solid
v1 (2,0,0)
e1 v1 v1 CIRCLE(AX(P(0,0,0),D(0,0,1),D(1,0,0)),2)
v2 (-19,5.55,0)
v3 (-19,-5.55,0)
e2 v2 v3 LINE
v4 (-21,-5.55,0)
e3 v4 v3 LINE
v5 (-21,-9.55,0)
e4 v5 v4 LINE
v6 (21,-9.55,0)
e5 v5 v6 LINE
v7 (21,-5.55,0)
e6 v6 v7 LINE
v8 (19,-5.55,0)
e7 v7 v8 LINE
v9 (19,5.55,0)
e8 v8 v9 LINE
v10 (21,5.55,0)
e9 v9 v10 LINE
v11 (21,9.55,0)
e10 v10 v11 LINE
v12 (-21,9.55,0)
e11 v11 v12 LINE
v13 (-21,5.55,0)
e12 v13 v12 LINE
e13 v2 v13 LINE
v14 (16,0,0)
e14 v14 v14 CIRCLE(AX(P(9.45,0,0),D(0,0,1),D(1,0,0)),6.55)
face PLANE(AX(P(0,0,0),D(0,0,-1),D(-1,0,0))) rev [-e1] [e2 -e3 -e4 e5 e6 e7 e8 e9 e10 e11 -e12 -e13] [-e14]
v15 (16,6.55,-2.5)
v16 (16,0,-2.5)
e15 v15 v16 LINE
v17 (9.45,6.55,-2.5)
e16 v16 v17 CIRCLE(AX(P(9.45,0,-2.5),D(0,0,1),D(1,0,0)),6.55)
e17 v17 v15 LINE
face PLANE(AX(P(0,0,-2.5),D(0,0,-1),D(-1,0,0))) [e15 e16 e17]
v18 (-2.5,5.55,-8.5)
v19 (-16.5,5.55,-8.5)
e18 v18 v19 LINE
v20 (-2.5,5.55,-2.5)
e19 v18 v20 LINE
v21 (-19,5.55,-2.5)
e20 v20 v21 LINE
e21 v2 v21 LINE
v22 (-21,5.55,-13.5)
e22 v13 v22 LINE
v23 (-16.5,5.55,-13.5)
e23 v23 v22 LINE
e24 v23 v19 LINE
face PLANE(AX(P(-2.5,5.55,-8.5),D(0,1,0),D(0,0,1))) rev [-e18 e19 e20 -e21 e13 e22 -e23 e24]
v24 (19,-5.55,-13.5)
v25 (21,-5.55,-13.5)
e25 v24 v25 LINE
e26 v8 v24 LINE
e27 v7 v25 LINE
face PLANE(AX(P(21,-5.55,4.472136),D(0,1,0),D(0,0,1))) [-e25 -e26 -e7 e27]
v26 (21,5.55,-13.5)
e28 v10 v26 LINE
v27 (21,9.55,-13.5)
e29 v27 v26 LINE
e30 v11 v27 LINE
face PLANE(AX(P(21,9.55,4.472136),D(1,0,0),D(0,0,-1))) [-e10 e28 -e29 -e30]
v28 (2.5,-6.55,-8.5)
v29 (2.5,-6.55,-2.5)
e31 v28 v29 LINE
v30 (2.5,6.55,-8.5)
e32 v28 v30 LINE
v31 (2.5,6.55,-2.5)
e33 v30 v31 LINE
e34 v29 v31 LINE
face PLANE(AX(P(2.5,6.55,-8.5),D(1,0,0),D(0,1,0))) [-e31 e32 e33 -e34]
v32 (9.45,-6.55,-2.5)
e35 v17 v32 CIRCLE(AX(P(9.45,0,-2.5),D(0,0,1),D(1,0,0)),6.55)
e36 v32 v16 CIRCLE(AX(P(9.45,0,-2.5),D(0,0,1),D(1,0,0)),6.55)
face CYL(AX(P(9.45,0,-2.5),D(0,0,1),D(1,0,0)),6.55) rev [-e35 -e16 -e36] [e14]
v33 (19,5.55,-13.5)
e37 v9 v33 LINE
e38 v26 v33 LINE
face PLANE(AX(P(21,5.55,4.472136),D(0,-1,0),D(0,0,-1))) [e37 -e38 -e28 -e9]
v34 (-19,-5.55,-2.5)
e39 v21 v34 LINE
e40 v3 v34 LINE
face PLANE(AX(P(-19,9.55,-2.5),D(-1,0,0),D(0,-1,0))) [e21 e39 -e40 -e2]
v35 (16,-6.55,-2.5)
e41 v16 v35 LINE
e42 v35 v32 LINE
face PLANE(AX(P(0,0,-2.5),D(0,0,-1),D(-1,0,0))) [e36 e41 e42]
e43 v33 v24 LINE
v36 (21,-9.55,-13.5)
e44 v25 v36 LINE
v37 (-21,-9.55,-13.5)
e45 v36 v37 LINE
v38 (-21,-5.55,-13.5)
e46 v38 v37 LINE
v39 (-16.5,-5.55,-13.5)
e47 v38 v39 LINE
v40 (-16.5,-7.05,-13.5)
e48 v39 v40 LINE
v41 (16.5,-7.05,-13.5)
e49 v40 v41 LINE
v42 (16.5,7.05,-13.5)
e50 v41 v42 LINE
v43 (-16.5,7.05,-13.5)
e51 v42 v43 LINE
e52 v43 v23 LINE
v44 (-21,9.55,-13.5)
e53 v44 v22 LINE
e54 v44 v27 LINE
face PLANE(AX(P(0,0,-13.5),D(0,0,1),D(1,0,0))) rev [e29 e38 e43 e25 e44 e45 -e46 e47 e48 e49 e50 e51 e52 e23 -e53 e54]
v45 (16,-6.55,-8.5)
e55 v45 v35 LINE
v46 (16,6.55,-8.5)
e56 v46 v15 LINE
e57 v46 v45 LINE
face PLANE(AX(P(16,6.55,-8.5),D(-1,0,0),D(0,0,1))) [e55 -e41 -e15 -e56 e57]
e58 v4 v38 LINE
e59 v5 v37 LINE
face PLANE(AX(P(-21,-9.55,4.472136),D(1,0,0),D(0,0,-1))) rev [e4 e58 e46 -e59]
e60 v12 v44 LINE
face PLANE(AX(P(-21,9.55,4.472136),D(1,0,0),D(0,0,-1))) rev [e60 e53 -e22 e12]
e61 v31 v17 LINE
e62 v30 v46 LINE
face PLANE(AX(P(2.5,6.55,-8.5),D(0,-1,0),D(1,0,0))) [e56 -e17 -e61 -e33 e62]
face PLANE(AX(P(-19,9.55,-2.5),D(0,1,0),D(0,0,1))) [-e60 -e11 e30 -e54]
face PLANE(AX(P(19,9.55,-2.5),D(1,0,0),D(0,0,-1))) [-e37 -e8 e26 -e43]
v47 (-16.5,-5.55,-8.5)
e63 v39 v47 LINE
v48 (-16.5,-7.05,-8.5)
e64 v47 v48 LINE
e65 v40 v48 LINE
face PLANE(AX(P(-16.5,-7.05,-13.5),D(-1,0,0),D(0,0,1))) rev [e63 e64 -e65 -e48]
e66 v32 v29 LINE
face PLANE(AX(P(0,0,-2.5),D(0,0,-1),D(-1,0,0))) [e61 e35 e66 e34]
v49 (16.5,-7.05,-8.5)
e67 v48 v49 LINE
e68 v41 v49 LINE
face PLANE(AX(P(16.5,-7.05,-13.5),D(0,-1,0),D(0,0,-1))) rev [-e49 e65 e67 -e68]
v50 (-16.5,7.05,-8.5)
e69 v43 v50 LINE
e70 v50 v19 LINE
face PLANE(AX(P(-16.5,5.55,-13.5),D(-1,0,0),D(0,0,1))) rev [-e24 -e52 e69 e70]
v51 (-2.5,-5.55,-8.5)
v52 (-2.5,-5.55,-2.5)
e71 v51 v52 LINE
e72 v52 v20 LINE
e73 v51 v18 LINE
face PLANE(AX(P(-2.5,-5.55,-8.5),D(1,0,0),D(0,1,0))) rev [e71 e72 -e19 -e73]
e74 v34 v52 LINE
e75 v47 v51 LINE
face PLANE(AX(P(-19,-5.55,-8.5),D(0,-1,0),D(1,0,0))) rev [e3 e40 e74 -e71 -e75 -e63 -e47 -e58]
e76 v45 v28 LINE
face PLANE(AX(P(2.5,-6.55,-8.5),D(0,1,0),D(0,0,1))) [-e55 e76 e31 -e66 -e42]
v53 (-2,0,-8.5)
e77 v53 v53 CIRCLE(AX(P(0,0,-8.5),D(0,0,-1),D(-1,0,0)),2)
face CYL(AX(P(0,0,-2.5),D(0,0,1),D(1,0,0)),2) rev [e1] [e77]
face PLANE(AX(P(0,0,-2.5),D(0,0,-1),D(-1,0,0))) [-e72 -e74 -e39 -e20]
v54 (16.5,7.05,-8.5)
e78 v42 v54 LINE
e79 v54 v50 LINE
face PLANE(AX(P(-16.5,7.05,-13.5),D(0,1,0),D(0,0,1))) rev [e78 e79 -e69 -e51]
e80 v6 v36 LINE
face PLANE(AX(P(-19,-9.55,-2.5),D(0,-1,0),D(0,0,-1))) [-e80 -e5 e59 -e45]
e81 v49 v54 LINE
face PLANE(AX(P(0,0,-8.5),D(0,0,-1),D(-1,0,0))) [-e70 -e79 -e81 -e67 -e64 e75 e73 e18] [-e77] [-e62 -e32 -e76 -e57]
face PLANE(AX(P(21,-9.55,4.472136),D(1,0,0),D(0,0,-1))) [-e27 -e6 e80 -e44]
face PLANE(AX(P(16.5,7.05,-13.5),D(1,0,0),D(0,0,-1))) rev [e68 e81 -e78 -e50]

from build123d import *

# Parameters (mm, degrees)
SKETCH2_W           = 38
SKETCH2_H           = 19.1
SKETCH2_R           = 6.55
SKETCH2_R_2         = 2
BOSS_EXTRUDE1_DEPTH = 2.5
SKETCH3_R           = 2
SKETCH3_W           = 13.5
SKETCH3_H           = 13.1
BOSS_EXTRUDE2_DEPTH = 6
BOSS_EXTRUDE3_DEPTH = 5
SKETCH5_W           = 2
SKETCH5_H           = 4
BOSS_EXTRUDE4_DEPTH = 13.5


with BuildPart() as part:
    # Sketch2 → Boss-Extrude1 (new body)
    with BuildSketch(Plane.XY):
        Rectangle(SKETCH2_W, SKETCH2_H)
        with Locations((9.45, 0)):
            Circle(SKETCH2_R, mode=Mode.SUBTRACT)
        Circle(SKETCH2_R_2, mode=Mode.SUBTRACT)
    extrude(amount=-BOSS_EXTRUDE1_DEPTH)

    # Sketch3 → Boss-Extrude2 (add)
    with BuildSketch(Plane(origin=(0, 0, -2.5), x_dir=(-1, 0, 0), z_dir=(0, 0, -1))):
        Polygon((-19, -9.55), (19, -9.55), (19, -5.55), (2.5, -5.55), (2.5, 5.55), (19, 5.55), (19, 9.55), (-19, 9.55), align=None)
        with Locations(Location((0, 0, 0), (0, 0, 180))):
            Circle(SKETCH3_R, mode=Mode.SUBTRACT)
        with Locations((-9.25, 0)):
            Rectangle(SKETCH3_W, SKETCH3_H, mode=Mode.SUBTRACT)
    extrude(amount=BOSS_EXTRUDE2_DEPTH)

    # Sketch4 → Boss-Extrude3 (add)
    with BuildSketch(Plane(origin=(0, 0, -8.5), x_dir=(-1, 0, 0), z_dir=(0, 0, -1))):
        Polygon((19, 5.55), (16.5, 5.55), (16.5, 7.05), (-16.5, 7.05), (-16.5, -7.05), (16.5, -7.05), (16.5, -5.55), (19, -5.55), (19, -9.55), (-19, -9.55), (-19, 9.55), (19, 9.55), align=None)
    extrude(amount=BOSS_EXTRUDE3_DEPTH)

    # Sketch5 → Boss-Extrude4 (add)
    with BuildSketch(Plane(origin=(0, 0, -13.5), x_dir=(-1, 0, 0), z_dir=(0, 0, -1))):
        with Locations((-20, 7.55)):
            Rectangle(SKETCH5_W, SKETCH5_H)
        with Locations((-20, -7.55)):
            Rectangle(SKETCH5_W, SKETCH5_H)
    boss_extrude4 = extrude(amount=-BOSS_EXTRUDE4_DEPTH)

    # Mirror1: Boss-Extrude4 across plane
    add(boss_extrude4.mirror(Plane(origin=(0, 0, 0), x_dir=(0, 0, 1), z_dir=(1, 0, 0))))


solid = part.part
